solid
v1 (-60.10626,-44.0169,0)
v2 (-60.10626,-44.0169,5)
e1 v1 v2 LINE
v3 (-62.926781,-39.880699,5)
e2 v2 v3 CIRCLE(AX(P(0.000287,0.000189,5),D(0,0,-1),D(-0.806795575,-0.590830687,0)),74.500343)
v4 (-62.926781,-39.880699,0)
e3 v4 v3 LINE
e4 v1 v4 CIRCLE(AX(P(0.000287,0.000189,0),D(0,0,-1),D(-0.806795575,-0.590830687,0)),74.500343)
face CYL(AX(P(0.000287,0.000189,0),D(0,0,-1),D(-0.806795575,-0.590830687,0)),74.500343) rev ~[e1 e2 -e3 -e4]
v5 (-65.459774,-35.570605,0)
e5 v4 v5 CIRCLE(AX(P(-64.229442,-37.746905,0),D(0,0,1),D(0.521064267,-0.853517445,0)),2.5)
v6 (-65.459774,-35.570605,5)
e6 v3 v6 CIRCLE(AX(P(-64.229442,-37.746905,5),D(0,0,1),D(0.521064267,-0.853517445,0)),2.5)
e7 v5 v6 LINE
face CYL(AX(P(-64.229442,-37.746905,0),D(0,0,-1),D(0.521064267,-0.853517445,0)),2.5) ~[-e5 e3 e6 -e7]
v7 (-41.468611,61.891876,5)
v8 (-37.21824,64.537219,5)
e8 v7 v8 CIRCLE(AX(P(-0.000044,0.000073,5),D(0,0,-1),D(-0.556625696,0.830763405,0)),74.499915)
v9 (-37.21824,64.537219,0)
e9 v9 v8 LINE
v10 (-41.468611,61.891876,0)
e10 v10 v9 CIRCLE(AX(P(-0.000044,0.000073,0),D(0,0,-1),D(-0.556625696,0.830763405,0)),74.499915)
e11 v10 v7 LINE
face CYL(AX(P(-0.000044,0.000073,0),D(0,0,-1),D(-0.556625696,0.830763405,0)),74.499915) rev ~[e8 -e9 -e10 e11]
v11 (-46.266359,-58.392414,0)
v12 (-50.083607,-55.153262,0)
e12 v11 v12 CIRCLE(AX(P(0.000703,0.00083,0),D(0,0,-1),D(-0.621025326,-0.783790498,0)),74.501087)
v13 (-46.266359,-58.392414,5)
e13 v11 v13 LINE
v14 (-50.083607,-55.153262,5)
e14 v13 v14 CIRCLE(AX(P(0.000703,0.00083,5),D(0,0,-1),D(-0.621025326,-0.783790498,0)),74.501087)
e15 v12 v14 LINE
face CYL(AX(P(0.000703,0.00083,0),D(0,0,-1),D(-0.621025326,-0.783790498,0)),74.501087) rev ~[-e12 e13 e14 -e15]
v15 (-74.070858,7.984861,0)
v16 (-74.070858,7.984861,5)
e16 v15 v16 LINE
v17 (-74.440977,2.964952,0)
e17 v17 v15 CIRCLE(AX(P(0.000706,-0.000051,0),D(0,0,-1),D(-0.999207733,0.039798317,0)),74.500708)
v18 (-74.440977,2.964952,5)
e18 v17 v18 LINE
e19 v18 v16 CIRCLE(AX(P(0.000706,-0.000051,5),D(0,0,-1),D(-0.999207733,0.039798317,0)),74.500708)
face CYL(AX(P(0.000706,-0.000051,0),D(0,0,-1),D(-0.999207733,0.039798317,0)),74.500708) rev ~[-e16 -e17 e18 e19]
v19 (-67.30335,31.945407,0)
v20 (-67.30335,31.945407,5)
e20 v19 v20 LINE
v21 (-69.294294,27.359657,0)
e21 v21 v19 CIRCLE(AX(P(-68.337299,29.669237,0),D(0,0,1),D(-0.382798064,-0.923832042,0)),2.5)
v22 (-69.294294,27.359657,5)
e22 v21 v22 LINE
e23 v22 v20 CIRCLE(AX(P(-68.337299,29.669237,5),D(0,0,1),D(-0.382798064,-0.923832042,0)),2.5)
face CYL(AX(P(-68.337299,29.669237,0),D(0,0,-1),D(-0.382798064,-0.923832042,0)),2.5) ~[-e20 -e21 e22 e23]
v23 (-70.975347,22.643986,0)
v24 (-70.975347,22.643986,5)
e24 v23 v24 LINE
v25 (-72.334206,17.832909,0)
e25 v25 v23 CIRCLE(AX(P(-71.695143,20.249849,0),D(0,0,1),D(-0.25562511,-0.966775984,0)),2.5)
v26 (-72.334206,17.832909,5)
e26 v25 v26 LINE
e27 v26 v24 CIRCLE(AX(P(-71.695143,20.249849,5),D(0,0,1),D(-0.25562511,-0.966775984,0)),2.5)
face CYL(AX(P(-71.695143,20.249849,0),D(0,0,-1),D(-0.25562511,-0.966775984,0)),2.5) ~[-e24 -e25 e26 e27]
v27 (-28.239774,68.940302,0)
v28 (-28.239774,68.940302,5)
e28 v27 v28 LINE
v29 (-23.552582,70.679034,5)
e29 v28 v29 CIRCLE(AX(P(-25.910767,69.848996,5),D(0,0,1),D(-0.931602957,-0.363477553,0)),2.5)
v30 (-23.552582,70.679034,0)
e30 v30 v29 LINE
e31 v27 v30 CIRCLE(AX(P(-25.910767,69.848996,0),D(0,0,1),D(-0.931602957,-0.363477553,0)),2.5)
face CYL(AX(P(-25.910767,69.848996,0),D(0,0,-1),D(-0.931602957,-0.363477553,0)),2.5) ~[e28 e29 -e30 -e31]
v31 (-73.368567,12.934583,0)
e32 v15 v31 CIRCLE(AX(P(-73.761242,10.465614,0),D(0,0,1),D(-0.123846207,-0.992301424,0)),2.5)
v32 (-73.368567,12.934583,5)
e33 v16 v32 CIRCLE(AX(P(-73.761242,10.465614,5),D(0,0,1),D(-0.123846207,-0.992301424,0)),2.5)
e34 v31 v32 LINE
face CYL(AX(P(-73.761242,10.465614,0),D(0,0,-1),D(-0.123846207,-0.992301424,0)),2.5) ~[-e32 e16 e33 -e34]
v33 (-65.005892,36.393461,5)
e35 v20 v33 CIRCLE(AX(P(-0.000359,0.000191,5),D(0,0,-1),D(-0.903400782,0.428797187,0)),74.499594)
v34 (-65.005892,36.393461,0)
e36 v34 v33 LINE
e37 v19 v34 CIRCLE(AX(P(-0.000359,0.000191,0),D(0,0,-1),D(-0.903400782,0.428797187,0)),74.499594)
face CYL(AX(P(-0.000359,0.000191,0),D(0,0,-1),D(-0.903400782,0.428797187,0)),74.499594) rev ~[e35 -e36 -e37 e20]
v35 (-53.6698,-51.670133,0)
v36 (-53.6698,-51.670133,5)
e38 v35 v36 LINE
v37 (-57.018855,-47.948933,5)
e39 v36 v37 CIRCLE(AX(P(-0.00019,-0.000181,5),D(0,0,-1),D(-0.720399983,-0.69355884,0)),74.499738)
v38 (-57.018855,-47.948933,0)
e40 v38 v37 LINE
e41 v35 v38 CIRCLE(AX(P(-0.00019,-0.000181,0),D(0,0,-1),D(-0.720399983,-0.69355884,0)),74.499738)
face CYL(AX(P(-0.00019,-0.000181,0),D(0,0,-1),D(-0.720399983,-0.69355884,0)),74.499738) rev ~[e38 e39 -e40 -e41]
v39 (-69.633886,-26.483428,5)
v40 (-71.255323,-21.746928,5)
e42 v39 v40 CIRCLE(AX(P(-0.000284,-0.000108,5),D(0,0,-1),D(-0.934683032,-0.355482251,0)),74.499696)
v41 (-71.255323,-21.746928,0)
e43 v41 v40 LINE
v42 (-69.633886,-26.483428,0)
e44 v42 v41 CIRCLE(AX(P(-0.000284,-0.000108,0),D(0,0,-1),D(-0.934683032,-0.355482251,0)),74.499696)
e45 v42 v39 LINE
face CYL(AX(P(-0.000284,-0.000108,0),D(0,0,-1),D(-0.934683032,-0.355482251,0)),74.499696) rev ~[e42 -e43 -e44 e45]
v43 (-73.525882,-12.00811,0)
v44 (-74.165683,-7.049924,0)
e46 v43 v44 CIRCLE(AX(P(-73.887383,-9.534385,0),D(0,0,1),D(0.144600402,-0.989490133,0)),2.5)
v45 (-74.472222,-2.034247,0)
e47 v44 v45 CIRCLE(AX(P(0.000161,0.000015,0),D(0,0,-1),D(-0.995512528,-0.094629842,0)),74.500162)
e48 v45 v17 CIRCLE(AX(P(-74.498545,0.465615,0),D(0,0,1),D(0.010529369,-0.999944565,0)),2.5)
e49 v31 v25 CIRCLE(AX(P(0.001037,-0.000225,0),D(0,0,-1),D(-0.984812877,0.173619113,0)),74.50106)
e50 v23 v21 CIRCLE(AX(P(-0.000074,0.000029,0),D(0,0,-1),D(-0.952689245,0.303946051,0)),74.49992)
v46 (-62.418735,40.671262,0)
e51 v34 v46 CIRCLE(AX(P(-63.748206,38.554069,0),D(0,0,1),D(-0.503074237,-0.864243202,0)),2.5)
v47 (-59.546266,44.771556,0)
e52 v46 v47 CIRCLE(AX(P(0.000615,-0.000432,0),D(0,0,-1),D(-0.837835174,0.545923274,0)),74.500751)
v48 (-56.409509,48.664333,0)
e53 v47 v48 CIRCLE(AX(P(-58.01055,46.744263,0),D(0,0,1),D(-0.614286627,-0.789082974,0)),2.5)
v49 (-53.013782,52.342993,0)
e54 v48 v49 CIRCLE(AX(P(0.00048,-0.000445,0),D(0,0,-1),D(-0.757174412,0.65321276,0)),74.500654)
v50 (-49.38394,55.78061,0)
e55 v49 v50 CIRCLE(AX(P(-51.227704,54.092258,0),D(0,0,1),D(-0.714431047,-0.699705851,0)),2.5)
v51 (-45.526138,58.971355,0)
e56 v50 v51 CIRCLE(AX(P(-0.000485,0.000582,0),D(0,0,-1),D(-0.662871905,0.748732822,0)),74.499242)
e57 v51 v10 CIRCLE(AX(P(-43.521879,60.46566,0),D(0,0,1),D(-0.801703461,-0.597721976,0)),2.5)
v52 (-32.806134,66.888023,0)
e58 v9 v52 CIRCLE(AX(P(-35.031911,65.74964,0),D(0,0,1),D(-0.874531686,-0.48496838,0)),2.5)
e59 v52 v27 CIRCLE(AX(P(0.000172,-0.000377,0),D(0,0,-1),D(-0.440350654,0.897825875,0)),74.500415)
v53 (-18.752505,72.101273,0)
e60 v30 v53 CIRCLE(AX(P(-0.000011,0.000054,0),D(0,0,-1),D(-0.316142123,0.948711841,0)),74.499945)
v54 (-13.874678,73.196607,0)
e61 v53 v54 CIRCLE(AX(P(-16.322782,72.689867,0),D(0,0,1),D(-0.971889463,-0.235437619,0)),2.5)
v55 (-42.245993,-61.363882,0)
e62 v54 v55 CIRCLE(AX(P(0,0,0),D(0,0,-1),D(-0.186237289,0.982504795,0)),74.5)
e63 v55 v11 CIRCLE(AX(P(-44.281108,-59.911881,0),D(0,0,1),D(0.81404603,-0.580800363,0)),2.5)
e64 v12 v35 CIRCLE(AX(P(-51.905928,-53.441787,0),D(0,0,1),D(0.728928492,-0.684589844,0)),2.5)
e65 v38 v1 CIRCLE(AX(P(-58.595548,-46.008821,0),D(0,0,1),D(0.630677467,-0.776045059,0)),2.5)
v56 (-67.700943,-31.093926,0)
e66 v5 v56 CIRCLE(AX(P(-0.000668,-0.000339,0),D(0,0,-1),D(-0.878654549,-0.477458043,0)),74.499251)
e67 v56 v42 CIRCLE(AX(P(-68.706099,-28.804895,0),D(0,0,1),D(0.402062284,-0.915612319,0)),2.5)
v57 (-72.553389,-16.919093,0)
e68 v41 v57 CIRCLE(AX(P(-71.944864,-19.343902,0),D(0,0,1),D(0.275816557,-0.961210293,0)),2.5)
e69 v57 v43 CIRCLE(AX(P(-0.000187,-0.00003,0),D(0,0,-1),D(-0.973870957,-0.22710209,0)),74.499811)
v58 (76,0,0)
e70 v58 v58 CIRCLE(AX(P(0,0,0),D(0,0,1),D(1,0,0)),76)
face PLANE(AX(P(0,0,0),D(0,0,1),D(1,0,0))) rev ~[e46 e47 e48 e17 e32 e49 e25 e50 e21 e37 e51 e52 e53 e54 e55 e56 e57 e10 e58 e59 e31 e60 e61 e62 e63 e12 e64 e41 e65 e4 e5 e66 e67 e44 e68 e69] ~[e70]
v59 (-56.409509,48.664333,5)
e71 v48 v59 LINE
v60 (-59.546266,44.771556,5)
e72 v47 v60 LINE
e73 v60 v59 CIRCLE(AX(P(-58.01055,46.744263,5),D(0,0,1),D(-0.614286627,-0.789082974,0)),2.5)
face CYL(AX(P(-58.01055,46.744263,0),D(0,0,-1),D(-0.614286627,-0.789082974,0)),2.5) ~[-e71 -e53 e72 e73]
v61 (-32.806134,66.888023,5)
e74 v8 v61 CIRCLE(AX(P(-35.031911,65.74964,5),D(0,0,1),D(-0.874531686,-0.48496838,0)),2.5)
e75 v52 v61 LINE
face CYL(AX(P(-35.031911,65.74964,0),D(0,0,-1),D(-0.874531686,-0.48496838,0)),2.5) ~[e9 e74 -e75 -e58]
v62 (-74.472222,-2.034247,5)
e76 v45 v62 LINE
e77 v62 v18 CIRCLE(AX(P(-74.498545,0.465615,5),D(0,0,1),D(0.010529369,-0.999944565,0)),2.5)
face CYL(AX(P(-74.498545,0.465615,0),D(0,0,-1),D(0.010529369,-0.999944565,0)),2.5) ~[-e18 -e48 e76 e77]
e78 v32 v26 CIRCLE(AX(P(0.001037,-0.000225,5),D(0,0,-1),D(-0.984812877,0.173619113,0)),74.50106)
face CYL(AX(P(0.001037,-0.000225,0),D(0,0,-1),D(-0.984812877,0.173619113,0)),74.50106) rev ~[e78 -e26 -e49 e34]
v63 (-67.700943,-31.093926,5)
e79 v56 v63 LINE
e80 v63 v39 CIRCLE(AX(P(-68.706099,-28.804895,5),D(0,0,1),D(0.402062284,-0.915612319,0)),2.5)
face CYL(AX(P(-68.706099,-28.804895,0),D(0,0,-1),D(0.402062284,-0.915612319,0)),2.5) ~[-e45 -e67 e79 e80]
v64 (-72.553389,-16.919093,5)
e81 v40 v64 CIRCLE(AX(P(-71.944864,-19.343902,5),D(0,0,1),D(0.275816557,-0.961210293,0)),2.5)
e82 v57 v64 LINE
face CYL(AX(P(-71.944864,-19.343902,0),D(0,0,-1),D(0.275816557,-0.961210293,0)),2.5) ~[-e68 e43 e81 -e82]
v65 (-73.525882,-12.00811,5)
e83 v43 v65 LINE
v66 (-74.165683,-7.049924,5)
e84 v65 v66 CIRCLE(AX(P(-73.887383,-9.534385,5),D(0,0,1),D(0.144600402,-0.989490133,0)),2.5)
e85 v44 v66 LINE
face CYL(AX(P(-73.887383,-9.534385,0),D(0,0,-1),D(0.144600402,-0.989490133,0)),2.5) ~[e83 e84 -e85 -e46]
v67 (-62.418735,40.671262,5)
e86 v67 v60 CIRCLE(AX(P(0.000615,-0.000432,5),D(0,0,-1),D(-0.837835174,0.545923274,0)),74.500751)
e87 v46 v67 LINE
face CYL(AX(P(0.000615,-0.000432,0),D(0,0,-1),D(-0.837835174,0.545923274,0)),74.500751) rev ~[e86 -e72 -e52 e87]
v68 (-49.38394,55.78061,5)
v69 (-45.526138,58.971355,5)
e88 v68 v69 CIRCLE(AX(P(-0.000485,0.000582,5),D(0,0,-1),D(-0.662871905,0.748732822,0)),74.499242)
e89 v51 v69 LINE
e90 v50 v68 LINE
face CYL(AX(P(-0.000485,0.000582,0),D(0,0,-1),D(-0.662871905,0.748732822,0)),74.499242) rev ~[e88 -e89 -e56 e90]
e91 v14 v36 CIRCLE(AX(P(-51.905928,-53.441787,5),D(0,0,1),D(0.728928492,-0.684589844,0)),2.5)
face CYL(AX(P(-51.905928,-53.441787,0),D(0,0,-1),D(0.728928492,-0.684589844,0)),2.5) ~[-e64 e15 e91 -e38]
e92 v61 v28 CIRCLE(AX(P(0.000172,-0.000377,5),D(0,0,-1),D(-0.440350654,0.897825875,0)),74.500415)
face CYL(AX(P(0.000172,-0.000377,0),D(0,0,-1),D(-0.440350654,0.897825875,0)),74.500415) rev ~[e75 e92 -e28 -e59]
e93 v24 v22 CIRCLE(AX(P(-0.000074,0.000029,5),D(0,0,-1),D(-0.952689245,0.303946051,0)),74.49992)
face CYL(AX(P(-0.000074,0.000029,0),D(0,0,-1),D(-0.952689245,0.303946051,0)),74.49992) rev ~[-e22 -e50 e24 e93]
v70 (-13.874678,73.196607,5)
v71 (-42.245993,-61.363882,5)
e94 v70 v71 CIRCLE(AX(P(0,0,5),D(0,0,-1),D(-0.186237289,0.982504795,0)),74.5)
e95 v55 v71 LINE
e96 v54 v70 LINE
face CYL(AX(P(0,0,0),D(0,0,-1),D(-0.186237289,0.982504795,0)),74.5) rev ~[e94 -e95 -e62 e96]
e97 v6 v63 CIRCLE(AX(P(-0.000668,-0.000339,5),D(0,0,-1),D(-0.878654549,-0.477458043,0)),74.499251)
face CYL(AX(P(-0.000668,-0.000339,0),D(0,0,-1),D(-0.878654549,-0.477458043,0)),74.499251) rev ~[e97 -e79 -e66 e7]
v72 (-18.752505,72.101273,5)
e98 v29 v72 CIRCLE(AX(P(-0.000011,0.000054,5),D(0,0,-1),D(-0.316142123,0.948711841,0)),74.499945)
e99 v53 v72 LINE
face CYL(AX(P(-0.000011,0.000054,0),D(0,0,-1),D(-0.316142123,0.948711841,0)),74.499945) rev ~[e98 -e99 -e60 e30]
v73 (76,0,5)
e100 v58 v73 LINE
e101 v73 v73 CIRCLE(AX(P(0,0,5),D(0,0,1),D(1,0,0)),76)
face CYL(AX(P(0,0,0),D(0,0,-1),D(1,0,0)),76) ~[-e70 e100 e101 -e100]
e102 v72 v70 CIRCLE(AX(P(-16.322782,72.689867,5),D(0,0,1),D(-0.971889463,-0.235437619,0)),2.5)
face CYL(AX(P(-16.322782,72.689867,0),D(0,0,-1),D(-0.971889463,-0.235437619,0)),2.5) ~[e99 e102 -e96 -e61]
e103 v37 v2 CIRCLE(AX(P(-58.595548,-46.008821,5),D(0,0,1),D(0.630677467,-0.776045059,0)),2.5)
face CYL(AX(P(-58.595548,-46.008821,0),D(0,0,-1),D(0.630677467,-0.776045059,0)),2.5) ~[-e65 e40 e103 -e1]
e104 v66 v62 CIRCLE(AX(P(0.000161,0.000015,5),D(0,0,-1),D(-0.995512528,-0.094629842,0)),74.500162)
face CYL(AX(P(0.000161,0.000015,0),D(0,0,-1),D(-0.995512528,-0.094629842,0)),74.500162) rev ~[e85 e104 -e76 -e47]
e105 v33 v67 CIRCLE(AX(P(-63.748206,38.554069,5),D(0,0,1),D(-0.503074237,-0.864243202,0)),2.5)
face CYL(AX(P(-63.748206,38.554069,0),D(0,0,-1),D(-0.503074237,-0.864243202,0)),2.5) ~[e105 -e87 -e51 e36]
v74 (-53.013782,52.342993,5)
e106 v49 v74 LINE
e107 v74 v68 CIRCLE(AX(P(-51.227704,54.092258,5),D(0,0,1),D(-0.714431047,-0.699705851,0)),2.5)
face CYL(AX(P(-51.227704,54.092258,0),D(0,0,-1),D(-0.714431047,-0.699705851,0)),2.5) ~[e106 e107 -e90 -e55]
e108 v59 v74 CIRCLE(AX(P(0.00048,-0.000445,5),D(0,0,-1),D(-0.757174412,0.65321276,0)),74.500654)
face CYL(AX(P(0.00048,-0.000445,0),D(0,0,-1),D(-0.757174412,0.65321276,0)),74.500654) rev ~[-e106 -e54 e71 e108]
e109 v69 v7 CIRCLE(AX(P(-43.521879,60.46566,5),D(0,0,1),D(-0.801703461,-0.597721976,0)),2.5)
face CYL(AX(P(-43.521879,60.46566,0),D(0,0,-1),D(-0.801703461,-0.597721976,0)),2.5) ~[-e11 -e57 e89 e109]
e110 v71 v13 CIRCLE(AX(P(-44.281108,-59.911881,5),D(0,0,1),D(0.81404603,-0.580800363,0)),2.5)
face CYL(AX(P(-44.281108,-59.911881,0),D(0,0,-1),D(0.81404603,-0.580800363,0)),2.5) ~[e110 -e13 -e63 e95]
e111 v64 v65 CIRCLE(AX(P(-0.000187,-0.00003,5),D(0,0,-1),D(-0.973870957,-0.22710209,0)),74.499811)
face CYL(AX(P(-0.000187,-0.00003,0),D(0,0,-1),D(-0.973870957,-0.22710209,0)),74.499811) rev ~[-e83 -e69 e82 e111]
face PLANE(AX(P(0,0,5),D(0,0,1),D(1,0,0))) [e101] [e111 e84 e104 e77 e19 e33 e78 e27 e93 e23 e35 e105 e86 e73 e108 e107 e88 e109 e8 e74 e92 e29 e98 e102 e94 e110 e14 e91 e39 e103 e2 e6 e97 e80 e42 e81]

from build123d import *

# Parameters (mm, degrees)
F0_R     = 76
F1_DEPTH = 5


with BuildPart() as f1:
    # F0 (on Top) → F1 (new body)
    with BuildSketch(Plane.XY):
        Circle(F0_R)
        with BuildLine():
            ThreePointArc((-62.418735, 40.671262), (-61.016952, 42.745544), (-59.546266, 44.771556))
            ThreePointArc((-59.546266, 44.771556), (-56.063887, 45.175664), (-56.409509, 48.664333))
            ThreePointArc((-56.409509, 48.664333), (-54.742554, 50.532195), (-53.013782, 52.342993))
            ThreePointArc((-53.013782, 52.342993), (-49.508654, 52.277081), (-49.38394, 55.78061))
            ThreePointArc((-49.38394, 55.78061), (-47.481849, 57.408397), (-45.526138, 58.971355))
            ThreePointArc((-45.526138, 58.971355), (-42.061413, 58.436611), (-41.468611, 61.891876))
            ThreePointArc((-41.468611, 61.891876), (-39.365653, 63.25026), (-37.21824, 64.537219))
            ThreePointArc((-37.21824, 64.537219), (-33.856344, 63.543276), (-32.806134, 66.888023))
            ThreePointArc((-32.806134, 66.888023), (-30.540198, 67.95253), (-28.239774, 68.940302))
            ThreePointArc((-28.239774, 68.940302), (-25.041278, 67.50507), (-23.552582, 70.679034))
            ThreePointArc((-23.552582, 70.679034), (-21.164494, 71.430485), (-18.752505, 72.101273))
            ThreePointArc((-18.752505, 72.101273), (-15.775038, 70.25061), (-13.874678, 73.196607))
            ThreePointArc((-13.874678, 73.196607), (72.897282, -15.369978), (-42.245993, -61.363882))
            ThreePointArc((-42.245993, -61.363882), (-42.795165, -57.901415), (-46.266359, -58.392414))
            ThreePointArc((-46.266359, -58.392414), (-48.202199, -56.804911), (-50.083607, -55.153262))
            ThreePointArc((-50.083607, -55.153262), (-50.164119, -51.648438), (-53.6698, -51.670133))
            ThreePointArc((-53.6698, -51.670133), (-55.375594, -49.837673), (-57.018855, -47.948933))
            ThreePointArc((-57.018855, -47.948933), (-56.629255, -44.464901), (-60.10626, -44.0169))
            ThreePointArc((-60.10626, -44.0169), (-61.551274, -41.972498), (-62.926781, -39.880699))
            ThreePointArc((-62.926781, -39.880699), (-62.074091, -36.480231), (-65.459774, -35.570605))
            ThreePointArc((-65.459774, -35.570605), (-66.617973, -33.351097), (-67.700943, -31.093926))
            ThreePointArc((-67.700943, -31.093926), (-66.400525, -27.838288), (-69.633886, -26.483428))
            ThreePointArc((-69.633886, -26.483428), (-70.484402, -24.128802), (-71.255323, -21.746928))
            ThreePointArc((-71.255323, -21.746928), (-69.530607, -18.694778), (-72.553389, -16.919093))
            ThreePointArc((-72.553389, -16.919093), (-73.080899, -14.471773), (-73.525882, -12.00811))
            ThreePointArc((-73.525882, -12.00811), (-71.407941, -9.214439), (-74.165683, -7.049924))
            ThreePointArc((-74.165683, -7.049924), (-74.361253, -4.54467), (-74.472222, -2.034247))
            ThreePointArc((-74.472222, -2.034247), (-71.998594, 0.44999), (-74.440977, 2.964952))
            ThreePointArc((-74.440977, 2.964952), (-74.298325, 5.478033), (-74.070858, 7.984861))
            ThreePointArc((-74.070858, 7.984861), (-71.286033, 10.11442), (-73.368567, 12.934583))
            ThreePointArc((-73.368567, 12.934583), (-72.892543, 15.392437), (-72.334206, 17.832909))
            ThreePointArc((-72.334206, 17.832909), (-69.289266, 19.570324), (-70.975347, 22.643986))
            ThreePointArc((-70.975347, 22.643986), (-70.174443, 25.015946), (-69.294294, 27.359657))
            ThreePointArc((-69.294294, 27.359657), (-66.044101, 28.673625), (-67.30335, 31.945407))
            ThreePointArc((-67.30335, 31.945407), (-66.191995, 34.188738), (-65.005892, 36.393461))
            ThreePointArc((-65.005892, 36.393461), (-61.609005, 37.260308), (-62.418735, 40.671262))
        make_face(mode=Mode.SUBTRACT)
    extrude(amount=F1_DEPTH)


solid = f1.part
